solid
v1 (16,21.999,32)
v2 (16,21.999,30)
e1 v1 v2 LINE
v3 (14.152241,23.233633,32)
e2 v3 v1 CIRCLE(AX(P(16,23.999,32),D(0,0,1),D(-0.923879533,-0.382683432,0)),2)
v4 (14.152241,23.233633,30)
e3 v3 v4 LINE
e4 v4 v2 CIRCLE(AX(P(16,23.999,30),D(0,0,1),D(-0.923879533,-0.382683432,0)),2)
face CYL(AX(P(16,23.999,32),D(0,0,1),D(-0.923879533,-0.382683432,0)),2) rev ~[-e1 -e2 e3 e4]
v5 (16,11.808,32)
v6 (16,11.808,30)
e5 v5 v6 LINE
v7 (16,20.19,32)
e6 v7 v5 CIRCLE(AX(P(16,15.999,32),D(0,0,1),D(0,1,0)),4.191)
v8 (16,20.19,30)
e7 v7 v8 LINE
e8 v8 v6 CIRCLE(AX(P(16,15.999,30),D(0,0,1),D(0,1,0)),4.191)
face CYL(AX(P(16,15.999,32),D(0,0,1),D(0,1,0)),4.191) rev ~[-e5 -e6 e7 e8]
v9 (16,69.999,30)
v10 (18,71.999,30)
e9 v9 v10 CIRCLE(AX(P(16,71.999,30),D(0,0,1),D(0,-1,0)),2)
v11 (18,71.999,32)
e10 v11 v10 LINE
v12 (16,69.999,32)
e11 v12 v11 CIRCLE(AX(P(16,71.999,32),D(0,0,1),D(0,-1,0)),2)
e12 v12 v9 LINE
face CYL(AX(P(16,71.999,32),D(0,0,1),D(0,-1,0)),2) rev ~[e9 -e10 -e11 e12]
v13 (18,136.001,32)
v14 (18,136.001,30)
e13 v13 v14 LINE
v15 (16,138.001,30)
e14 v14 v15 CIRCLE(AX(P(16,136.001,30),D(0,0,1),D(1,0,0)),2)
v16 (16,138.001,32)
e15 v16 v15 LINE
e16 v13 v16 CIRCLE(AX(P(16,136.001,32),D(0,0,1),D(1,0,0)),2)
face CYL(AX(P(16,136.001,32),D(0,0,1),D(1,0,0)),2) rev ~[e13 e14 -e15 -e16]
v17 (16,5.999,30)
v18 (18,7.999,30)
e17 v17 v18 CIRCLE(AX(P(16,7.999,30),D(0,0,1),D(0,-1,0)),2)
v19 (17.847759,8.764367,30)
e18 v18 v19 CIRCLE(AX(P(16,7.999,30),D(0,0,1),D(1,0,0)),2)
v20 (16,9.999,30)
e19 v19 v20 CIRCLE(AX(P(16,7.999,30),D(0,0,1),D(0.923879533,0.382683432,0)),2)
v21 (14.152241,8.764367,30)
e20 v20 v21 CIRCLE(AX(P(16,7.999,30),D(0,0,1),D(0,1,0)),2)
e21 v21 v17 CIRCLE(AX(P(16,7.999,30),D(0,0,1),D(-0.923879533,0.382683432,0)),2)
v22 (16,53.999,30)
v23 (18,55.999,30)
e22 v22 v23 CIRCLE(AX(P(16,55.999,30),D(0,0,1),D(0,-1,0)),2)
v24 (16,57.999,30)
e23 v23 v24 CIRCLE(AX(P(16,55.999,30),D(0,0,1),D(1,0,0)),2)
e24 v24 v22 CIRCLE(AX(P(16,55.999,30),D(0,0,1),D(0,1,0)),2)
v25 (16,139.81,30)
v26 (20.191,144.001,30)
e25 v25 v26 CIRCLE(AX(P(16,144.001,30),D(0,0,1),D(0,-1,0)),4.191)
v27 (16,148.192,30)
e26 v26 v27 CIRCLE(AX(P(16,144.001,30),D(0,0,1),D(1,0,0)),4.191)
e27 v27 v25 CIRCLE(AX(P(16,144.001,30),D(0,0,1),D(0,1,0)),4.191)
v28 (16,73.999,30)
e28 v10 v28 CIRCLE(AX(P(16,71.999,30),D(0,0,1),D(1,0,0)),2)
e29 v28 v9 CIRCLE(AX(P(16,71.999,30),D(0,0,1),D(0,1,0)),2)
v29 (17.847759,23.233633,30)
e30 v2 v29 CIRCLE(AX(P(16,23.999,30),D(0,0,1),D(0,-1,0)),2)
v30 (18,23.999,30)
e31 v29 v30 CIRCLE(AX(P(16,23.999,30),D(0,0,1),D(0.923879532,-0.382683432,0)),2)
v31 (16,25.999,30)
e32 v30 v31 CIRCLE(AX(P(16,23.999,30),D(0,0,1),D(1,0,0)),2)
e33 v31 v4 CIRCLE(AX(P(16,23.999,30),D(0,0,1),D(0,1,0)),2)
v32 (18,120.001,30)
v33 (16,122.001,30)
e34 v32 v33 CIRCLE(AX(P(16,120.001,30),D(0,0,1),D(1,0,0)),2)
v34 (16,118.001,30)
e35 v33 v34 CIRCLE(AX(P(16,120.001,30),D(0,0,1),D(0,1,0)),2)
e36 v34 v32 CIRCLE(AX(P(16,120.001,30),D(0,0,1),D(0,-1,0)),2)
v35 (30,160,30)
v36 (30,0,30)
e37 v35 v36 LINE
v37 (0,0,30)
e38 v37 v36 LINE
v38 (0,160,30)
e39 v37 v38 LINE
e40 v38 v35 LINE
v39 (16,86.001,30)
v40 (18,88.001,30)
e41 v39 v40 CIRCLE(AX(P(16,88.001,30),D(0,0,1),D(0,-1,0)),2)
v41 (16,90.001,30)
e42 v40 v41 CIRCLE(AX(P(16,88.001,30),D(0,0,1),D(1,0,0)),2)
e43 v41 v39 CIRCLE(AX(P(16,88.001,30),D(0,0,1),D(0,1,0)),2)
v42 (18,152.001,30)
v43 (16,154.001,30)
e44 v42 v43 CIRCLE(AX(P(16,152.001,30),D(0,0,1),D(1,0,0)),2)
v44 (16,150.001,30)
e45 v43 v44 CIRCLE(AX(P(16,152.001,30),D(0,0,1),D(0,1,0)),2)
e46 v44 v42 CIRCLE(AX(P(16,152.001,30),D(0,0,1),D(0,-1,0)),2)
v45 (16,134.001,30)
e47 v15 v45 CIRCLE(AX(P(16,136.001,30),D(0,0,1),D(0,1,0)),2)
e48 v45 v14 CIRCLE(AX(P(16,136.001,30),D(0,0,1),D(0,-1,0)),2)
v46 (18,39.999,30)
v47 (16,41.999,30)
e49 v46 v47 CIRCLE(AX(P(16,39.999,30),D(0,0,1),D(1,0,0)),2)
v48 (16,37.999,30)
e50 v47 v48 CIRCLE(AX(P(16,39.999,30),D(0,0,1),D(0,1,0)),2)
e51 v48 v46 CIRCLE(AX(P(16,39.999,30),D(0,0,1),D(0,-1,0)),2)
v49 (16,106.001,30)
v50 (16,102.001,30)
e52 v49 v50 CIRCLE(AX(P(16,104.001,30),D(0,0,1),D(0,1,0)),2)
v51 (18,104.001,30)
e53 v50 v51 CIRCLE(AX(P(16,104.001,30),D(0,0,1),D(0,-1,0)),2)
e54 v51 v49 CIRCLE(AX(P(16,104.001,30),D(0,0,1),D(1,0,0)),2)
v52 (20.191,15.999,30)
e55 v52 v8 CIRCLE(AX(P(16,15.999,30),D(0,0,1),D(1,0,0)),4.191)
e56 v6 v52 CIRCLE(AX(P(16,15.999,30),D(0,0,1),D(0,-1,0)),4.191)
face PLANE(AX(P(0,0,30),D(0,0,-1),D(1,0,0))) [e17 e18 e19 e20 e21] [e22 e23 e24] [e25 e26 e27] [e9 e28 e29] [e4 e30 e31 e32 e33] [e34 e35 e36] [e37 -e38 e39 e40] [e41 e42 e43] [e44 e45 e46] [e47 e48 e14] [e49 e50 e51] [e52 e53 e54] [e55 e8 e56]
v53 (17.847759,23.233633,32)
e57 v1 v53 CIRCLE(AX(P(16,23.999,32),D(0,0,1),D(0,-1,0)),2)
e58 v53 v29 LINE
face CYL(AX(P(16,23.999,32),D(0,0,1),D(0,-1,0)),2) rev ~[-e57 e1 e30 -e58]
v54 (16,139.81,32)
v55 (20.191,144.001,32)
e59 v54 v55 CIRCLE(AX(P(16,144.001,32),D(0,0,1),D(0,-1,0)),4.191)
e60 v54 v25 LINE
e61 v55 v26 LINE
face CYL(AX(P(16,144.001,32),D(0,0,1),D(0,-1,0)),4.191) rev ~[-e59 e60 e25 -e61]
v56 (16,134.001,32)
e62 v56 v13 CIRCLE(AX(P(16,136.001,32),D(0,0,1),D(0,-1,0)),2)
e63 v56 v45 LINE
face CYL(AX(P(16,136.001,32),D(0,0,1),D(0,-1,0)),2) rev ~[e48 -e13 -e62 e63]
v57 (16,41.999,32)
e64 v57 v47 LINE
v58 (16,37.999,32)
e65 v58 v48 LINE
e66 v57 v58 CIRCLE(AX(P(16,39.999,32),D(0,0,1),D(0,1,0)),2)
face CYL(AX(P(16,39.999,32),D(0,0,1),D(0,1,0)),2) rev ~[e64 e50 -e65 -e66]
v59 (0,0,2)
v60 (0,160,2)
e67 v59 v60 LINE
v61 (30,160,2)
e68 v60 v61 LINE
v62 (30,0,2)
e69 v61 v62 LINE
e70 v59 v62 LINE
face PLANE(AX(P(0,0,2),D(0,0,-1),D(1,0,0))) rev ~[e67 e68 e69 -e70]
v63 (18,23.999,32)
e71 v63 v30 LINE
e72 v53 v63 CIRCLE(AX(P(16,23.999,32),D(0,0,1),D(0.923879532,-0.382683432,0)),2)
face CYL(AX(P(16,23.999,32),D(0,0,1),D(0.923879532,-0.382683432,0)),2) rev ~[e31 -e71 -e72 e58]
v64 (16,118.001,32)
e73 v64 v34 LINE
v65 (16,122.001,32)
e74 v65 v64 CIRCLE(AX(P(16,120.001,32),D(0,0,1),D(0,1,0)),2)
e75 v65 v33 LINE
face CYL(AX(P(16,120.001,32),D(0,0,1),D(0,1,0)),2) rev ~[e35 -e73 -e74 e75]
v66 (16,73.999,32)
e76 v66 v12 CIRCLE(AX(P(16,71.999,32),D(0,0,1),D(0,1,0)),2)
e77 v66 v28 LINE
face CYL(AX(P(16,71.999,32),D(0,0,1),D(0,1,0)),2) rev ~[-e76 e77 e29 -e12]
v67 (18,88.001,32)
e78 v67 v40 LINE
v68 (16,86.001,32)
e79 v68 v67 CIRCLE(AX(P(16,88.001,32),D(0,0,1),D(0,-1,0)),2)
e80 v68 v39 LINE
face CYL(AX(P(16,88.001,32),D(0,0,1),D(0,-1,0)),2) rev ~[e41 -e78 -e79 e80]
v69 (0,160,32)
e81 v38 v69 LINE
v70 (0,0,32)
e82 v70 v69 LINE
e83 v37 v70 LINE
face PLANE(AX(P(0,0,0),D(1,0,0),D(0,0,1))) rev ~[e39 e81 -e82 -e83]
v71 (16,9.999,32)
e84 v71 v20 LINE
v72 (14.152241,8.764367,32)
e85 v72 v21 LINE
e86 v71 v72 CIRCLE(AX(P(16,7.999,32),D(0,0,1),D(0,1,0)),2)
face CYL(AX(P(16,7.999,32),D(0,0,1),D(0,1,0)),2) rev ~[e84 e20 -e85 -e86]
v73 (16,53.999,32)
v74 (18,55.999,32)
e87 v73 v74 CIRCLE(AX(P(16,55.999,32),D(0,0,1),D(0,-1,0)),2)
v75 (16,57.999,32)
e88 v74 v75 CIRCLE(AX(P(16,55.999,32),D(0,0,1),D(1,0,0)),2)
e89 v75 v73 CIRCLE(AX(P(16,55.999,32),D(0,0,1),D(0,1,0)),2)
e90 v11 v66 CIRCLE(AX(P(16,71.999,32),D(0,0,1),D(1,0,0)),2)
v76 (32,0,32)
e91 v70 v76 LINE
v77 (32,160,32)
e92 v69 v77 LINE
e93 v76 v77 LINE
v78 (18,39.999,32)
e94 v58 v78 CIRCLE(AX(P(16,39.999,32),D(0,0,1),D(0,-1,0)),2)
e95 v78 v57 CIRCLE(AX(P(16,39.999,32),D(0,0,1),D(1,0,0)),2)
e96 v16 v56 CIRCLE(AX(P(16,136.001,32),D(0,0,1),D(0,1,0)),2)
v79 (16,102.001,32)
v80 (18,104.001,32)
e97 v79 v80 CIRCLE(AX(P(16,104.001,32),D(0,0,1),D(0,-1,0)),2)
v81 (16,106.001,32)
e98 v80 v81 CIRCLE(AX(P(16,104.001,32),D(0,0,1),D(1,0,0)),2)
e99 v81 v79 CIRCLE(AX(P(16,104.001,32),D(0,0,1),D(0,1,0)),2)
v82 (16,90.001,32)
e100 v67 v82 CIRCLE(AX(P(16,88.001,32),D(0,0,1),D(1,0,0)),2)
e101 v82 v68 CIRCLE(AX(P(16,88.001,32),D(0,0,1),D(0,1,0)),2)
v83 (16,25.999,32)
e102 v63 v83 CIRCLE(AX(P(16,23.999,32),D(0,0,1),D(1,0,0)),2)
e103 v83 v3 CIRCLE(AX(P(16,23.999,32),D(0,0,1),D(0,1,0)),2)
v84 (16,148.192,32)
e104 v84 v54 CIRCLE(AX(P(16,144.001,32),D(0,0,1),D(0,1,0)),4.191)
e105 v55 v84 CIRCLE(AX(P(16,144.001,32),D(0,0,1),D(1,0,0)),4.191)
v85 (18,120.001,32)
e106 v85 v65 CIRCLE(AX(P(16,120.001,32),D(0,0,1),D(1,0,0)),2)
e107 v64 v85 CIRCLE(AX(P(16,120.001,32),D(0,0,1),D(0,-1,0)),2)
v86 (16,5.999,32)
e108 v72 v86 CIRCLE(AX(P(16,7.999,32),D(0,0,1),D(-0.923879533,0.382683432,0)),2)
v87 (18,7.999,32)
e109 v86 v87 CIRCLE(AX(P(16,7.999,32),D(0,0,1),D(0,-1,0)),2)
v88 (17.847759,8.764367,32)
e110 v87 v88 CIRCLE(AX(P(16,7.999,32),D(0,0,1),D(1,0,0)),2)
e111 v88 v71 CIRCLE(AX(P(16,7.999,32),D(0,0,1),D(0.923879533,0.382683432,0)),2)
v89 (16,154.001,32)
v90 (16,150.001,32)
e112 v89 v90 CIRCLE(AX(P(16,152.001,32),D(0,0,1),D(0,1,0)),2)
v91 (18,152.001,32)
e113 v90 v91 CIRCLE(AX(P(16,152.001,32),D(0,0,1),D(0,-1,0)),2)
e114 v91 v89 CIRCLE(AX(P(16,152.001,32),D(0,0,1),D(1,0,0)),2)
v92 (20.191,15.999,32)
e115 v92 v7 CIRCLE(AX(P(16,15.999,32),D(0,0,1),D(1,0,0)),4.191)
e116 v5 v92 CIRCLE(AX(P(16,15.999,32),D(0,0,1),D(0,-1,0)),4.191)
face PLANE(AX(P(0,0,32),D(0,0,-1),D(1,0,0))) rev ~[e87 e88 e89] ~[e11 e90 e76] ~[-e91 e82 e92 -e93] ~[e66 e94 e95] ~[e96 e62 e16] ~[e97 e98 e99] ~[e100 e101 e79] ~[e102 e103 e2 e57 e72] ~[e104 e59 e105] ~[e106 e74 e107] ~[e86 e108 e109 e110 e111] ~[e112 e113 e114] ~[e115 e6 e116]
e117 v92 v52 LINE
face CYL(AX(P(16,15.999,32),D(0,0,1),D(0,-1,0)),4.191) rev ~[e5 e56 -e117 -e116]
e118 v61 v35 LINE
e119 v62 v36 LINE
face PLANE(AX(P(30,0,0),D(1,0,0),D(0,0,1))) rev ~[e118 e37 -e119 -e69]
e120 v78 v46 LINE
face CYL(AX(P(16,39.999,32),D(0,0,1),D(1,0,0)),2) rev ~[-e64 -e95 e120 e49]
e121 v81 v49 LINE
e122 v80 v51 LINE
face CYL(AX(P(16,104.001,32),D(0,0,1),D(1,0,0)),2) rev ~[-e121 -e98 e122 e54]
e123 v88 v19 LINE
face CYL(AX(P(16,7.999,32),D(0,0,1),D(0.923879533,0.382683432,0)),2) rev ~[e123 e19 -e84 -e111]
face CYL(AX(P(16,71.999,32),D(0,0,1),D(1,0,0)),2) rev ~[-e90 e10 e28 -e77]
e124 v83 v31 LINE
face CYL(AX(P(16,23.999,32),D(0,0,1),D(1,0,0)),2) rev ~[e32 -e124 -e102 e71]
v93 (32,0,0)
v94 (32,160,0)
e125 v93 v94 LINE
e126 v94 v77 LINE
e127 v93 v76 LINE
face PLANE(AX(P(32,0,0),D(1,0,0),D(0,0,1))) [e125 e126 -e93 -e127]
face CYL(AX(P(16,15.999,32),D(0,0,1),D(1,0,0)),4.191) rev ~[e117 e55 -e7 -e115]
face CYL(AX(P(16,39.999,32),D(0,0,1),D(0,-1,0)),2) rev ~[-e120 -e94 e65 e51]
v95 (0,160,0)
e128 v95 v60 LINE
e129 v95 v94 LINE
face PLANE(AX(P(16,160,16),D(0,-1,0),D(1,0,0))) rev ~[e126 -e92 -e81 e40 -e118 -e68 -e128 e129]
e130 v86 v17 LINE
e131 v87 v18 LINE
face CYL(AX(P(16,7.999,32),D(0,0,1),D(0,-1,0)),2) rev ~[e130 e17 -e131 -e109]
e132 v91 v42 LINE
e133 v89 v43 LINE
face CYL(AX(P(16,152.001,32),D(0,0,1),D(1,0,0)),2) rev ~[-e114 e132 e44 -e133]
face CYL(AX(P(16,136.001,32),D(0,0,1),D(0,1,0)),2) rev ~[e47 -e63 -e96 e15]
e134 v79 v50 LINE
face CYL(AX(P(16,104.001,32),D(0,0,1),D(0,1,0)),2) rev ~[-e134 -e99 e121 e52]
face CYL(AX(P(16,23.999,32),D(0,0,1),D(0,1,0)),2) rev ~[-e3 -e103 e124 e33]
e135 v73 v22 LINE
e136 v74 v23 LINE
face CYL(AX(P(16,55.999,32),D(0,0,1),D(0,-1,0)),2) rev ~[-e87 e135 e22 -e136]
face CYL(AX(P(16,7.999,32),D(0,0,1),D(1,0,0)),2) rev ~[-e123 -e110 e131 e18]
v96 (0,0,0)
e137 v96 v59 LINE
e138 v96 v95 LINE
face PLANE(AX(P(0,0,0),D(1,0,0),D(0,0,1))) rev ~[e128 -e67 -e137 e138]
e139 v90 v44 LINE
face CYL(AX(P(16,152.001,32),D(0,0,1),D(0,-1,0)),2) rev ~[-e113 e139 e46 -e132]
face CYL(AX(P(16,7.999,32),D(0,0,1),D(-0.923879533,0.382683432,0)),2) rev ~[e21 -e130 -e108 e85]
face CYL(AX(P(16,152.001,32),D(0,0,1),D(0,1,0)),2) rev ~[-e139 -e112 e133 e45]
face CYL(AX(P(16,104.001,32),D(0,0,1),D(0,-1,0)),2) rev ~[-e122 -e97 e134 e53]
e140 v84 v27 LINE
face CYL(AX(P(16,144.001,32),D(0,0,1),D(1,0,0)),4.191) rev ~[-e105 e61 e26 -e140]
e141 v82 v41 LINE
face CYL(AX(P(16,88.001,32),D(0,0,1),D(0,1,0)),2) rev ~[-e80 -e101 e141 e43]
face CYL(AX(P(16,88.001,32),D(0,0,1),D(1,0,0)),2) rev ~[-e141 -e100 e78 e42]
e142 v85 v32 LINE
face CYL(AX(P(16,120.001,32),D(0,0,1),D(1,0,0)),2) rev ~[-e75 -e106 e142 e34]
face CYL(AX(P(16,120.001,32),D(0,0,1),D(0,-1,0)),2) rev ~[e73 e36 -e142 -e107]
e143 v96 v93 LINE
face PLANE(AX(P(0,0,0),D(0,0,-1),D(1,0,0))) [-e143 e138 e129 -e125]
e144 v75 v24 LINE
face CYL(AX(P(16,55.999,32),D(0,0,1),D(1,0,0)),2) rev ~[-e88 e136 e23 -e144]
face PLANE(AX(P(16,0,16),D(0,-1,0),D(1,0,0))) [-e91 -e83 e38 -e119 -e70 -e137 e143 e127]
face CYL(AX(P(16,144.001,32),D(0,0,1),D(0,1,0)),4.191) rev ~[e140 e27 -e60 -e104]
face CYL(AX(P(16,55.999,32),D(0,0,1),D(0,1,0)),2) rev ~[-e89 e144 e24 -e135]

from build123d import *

# Parameters (mm, degrees)
F0_W     = 32
F0_H     = 32
F1_DEPTH = 160
F2_T     = -2
F4_DEPTH = 2


with BuildPart() as f1:
    # F0 (on Front) → F1 (new body)
    with BuildSketch(Plane.XZ):
        with Locations((16, 16)):
            Rectangle(F0_W, F0_H)
    extrude(amount=-F1_DEPTH)

    # F2
    f2_openings = [f1.faces().sort_by_distance(p)[0] for p in [
        (16, 0, 16),
        (0, 80, 16),
        (16, 160, 16),
    ]]
    offset(amount=F2_T, openings=f2_openings)

    # F3 (on face) → F4 (cut, through all)
    with BuildSketch(Plane.XY.offset(32)):
        with BuildLine():
            Line((16, 25.999), (16, 23.999))
            Line((16, 23.999), (17.847759065, 23.2336331353))
            ThreePointArc((17.847759065, 23.2336331353), (17.9615705608, 23.608819356), (18, 23.999))
            ThreePointArc((18, 23.999), (17.4142135624, 25.4132135624), (16, 25.999))
        make_face()
        with BuildLine():
            ThreePointArc((16, 25.999), (14.3370607754, 25.110140466), (14.152240935, 23.2336331353))
            Line((14.152240935, 23.2336331353), (16, 23.999))
            Line((16, 23.999), (16, 25.999))
        make_face()
        with BuildLine():
            ThreePointArc((14.152240935, 23.2336331353), (14.888859534, 22.3360607754), (16, 21.999))
            Line((16, 21.999), (16, 23.999))
            Line((16, 23.999), (14.152240935, 23.2336331353))
        make_face()
        with BuildLine():
            Line((16, 23.999), (16, 21.999))
            ThreePointArc((16, 21.999), (17.111140466, 22.3360607754), (17.847759065, 23.2336331353))
            Line((17.847759065, 23.2336331353), (16, 23.999))
        make_face()
        with BuildLine():
            Line((14.152240935, 8.7643668647), (16, 7.999))
            Line((16, 7.999), (16, 9.999))
            ThreePointArc((16, 9.999), (14.888859534, 9.6619392246), (14.152240935, 8.7643668647))
        make_face()
        with BuildLine():
            Line((16, 9.999), (16, 7.999))
            Line((16, 7.999), (17.847759065, 8.7643668647))
            ThreePointArc((17.847759065, 8.7643668647), (17.111140466, 9.6619392246), (16, 9.999))
        make_face()
        with BuildLine():
            Line((16, 7.999), (16, 5.999))
            ThreePointArc((16, 5.999), (17.4142135624, 6.5847864376), (18, 7.999))
            ThreePointArc((18, 7.999), (17.9615705608, 8.389180644), (17.847759065, 8.7643668647))
            Line((17.847759065, 8.7643668647), (16, 7.999))
        make_face()
        with BuildLine():
            ThreePointArc((14.152240935, 8.7643668647), (14.3370607754, 6.887859534), (16, 5.999))
            Line((16, 5.999), (16, 7.999))
            Line((16, 7.999), (14.152240935, 8.7643668647))
        make_face()
        with BuildLine():
            ThreePointArc((18, 39.999), (17.4142135624, 41.4132135624), (16, 41.999))
            Line((16, 41.999), (16, 39.999))
            Line((16, 39.999), (16, 37.999))
            ThreePointArc((16, 37.999), (17.4142135624, 38.5847864376), (18, 39.999))
        make_face()
        with BuildLine():
            Line((16, 39.999), (16, 41.999))
            ThreePointArc((16, 41.999), (14, 39.999), (16, 37.999))
            Line((16, 37.999), (16, 39.999))
        make_face()
        with BuildLine():
            Line((16, 55.999), (16, 57.999))
            ThreePointArc((16, 57.999), (14, 55.999), (16, 53.999))
            Line((16, 53.999), (16, 55.999))
        make_face()
        with BuildLine():
            ThreePointArc((18, 55.999), (17.4142135624, 57.4132135624), (16, 57.999))
            Line((16, 57.999), (16, 55.999))
            Line((16, 55.999), (16, 53.999))
            ThreePointArc((16, 53.999), (17.4142135624, 54.5847864376), (18, 55.999))
        make_face()
        with BuildLine():
            Line((16, 71.999), (16, 73.999))
            ThreePointArc((16, 73.999), (14, 71.999), (16, 69.999))
            Line((16, 69.999), (16, 71.999))
        make_face()
        with BuildLine():
            ThreePointArc((18, 71.999), (17.4142135624, 73.4132135624), (16, 73.999))
            Line((16, 73.999), (16, 71.999))
            Line((16, 71.999), (16, 69.999))
            ThreePointArc((16, 69.999), (17.4142135624, 70.5847864376), (18, 71.999))
        make_face()
        with BuildLine():
            ThreePointArc((16, 90.001), (14, 88.001), (16, 86.001))
            Line((16, 86.001), (16, 90.001))
        make_face()
        with BuildLine():
            Line((16, 90.001), (16, 86.001))
            ThreePointArc((16, 86.001), (17.4142135624, 86.5867864376), (18, 88.001))
            ThreePointArc((18, 88.001), (17.4142135624, 89.4152135624), (16, 90.001))
        make_face()
        with BuildLine():
            Line((16, 106.001), (16, 102.001))
            ThreePointArc((16, 102.001), (17.4142135624, 102.5867864376), (18, 104.001))
            ThreePointArc((18, 104.001), (17.4142135624, 105.4152135624), (16, 106.001))
        make_face()
        with BuildLine():
            ThreePointArc((16, 106.001), (14, 104.001), (16, 102.001))
            Line((16, 102.001), (16, 106.001))
        make_face()
        with BuildLine():
            ThreePointArc((16, 122.001), (14, 120.001), (16, 118.001))
            Line((16, 118.001), (16, 122.001))
        make_face()
        with BuildLine():
            Line((16, 122.001), (16, 118.001))
            ThreePointArc((16, 118.001), (17.4142135624, 118.5867864376), (18, 120.001))
            ThreePointArc((18, 120.001), (17.4142135624, 121.4152135624), (16, 122.001))
        make_face()
        with BuildLine():
            Line((16, 134.001), (16, 138.001))
            ThreePointArc((16, 138.001), (14, 136.001), (16, 134.001))
        make_face()
        with BuildLine():
            ThreePointArc((18, 136.001), (17.4142135624, 137.4152135624), (16, 138.001))
            Line((16, 138.001), (16, 134.001))
            ThreePointArc((16, 134.001), (17.4142135624, 134.5867864376), (18, 136.001))
        make_face()
        with BuildLine():
            Line((16, 150.001), (16, 154.001))
            ThreePointArc((16, 154.001), (14, 152.001), (16, 150.001))
        make_face()
        with BuildLine():
            ThreePointArc((18, 152.001), (17.4142135624, 153.4152135624), (16, 154.001))
            Line((16, 154.001), (16, 150.001))
            ThreePointArc((16, 150.001), (17.4142135624, 150.5867864376), (18, 152.001))
        make_face()
        with BuildLine():
            ThreePointArc((16, 20.19), (11.809, 15.999), (16, 11.808))
            Line((16, 11.808), (16, 20.19))
        make_face()
        with BuildLine():
            Line((16, 20.19), (16, 11.808))
            ThreePointArc((16, 11.808), (18.96348452, 13.03551548), (20.191, 15.999))
            ThreePointArc((20.191, 15.999), (18.96348452, 18.96248452), (16, 20.19))
        make_face()
        with BuildLine():
            Line((16, 139.81), (16, 148.192))
            ThreePointArc((16, 148.192), (11.809, 144.001), (16, 139.81))
        make_face()
        with BuildLine():
            ThreePointArc((20.191, 144.001), (18.96348452, 146.96448452), (16, 148.192))
            Line((16, 148.192), (16, 139.81))
            ThreePointArc((16, 139.81), (18.96348452, 141.03751548), (20.191, 144.001))
        make_face()
    extrude(amount=-F4_DEPTH, mode=Mode.SUBTRACT)


solid = f1.part
